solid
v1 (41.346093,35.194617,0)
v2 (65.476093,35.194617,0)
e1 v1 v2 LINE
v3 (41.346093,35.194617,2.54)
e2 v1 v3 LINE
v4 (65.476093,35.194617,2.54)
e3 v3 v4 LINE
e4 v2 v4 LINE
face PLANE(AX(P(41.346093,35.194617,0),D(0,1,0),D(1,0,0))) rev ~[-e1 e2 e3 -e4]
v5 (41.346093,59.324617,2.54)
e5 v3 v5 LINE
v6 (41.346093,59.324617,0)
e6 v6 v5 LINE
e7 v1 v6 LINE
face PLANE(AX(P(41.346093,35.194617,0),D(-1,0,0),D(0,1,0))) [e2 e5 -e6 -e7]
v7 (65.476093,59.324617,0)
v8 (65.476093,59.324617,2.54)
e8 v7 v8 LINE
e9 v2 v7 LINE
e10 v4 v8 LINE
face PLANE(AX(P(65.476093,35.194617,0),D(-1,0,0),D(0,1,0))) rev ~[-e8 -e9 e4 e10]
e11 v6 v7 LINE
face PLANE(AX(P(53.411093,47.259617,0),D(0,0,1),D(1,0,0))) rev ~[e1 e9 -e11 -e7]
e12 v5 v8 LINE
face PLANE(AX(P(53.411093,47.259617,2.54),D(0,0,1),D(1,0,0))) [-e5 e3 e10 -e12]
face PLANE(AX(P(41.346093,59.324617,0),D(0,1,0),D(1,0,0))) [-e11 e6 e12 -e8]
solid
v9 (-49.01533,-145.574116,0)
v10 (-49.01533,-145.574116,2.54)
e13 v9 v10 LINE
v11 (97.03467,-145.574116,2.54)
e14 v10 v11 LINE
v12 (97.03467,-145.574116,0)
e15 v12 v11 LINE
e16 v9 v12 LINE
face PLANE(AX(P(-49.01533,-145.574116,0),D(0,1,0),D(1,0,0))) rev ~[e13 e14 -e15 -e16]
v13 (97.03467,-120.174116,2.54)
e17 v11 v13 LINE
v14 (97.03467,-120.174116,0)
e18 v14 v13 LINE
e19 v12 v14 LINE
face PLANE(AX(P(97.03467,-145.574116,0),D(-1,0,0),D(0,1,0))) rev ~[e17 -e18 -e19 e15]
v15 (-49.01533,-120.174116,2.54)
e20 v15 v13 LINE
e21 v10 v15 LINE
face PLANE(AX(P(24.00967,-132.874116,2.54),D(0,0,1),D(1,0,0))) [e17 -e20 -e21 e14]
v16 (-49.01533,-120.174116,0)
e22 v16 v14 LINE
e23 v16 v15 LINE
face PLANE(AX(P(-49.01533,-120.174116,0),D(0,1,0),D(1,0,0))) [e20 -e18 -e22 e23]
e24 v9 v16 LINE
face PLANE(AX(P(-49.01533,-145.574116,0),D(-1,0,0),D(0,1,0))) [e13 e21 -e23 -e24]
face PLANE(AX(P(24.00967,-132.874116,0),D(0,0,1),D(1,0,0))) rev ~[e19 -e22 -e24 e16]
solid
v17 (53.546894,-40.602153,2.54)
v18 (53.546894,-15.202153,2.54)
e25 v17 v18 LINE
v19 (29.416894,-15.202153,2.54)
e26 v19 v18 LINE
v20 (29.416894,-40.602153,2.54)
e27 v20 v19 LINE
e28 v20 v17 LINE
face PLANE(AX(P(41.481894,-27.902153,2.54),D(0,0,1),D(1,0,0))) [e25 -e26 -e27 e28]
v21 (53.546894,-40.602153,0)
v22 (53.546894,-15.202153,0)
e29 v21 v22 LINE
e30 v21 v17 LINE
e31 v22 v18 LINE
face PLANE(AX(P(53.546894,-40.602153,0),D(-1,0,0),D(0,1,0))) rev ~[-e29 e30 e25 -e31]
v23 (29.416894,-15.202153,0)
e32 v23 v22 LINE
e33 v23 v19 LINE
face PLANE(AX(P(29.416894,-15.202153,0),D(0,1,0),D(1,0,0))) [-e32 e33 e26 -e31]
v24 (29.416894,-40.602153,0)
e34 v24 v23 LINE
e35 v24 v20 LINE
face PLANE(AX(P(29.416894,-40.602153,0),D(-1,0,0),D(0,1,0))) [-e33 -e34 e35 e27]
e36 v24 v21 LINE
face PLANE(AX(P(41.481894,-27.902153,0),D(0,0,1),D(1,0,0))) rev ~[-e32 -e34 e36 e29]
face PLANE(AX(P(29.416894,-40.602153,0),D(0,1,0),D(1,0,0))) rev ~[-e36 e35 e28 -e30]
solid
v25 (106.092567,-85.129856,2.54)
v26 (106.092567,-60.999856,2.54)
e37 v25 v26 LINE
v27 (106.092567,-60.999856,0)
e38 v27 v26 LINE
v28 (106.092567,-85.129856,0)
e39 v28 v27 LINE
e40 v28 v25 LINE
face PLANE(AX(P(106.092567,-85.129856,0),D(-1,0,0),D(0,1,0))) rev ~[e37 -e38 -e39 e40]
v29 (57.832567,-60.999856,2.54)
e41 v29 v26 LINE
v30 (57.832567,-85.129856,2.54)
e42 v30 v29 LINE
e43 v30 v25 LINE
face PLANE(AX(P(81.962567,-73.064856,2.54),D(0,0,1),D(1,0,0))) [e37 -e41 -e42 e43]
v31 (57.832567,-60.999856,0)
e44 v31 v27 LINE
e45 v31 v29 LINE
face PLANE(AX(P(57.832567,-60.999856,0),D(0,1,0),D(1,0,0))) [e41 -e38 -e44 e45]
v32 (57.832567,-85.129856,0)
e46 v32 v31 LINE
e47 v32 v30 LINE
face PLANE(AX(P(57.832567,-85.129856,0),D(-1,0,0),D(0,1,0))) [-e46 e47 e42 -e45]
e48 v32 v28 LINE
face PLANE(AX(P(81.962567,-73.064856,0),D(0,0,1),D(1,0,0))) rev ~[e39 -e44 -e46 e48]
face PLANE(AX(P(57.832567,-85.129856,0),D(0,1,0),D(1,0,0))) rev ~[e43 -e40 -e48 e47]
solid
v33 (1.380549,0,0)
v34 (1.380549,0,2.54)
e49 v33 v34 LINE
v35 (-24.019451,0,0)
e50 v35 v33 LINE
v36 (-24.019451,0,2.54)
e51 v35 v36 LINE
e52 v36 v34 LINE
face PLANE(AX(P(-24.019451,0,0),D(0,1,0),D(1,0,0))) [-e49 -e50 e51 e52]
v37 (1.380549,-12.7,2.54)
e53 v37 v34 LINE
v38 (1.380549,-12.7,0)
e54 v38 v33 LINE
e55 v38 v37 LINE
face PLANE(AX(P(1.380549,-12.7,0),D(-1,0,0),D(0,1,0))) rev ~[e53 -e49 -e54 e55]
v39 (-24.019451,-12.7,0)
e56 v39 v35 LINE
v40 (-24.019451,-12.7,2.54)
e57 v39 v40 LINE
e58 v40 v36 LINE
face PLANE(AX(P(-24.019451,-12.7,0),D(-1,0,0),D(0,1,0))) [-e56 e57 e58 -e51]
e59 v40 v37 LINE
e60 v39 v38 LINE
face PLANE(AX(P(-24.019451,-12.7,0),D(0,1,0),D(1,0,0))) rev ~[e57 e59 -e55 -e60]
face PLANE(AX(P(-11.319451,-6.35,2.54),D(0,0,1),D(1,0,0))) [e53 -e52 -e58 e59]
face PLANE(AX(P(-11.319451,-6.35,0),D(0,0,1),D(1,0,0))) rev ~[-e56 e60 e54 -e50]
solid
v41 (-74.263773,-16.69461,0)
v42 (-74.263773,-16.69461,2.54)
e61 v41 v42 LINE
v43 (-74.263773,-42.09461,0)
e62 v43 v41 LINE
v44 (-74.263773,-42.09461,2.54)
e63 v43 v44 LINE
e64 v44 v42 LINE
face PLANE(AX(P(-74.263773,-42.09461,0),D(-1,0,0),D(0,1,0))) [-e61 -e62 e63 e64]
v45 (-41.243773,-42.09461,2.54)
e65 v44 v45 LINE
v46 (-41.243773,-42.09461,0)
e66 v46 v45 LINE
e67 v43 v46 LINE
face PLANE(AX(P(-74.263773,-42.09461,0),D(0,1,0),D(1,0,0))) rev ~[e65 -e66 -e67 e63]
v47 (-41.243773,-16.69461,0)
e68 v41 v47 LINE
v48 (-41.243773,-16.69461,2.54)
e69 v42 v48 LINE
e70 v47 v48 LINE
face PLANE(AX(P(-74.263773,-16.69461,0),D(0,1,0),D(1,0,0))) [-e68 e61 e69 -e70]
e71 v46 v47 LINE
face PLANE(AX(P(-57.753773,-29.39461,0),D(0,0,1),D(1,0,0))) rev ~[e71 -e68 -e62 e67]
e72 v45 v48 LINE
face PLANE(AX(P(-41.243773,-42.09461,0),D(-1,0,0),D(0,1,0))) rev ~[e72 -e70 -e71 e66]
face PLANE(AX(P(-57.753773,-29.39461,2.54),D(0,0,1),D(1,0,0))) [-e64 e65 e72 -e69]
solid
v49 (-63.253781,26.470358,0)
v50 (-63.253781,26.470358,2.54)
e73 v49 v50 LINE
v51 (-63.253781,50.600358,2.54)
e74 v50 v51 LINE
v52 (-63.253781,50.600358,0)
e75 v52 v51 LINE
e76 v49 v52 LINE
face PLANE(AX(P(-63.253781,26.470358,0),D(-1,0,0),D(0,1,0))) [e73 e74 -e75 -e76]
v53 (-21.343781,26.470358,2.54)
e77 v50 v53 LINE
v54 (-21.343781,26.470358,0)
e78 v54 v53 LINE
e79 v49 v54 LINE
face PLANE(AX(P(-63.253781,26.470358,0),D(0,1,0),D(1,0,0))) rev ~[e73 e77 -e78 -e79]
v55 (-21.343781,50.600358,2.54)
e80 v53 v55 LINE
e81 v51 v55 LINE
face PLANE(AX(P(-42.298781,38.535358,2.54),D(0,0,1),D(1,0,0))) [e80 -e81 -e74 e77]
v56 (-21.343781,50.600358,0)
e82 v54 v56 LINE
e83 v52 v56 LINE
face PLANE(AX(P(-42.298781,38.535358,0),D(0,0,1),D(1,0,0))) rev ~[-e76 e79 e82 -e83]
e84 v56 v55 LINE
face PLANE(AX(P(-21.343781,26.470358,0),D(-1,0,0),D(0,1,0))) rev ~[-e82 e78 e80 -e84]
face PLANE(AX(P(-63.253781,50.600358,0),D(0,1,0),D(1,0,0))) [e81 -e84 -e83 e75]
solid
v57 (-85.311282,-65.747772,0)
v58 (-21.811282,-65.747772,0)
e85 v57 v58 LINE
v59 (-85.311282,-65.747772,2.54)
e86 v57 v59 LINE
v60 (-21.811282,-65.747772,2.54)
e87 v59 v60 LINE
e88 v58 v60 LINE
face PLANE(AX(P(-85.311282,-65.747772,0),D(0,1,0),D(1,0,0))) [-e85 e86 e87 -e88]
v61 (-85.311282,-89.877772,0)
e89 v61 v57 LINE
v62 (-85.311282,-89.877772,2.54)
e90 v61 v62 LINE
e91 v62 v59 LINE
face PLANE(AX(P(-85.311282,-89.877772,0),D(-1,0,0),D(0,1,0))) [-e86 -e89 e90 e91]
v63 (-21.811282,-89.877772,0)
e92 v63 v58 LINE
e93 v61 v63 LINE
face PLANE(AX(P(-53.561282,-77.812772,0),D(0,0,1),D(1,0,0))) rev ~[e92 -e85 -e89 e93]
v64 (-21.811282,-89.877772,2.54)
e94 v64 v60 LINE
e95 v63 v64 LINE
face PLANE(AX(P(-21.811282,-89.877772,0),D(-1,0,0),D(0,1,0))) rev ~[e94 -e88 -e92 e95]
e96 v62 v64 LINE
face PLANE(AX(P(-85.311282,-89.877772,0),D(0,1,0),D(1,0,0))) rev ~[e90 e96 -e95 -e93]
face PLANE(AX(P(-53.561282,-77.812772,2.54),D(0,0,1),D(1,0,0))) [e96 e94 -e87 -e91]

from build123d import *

# Parameters (mm, degrees)
F0_W      = 25.4
F0_H      = 12.7
F1_DEPTH  = 2.54
F2_W      = 24.13
F2_H      = 24.13
F3_DEPTH  = 2.54
F4_W      = 41.91
F4_H      = 24.13
F5_DEPTH  = 2.54
F6_W      = 48.26
F6_H      = 24.13
F7_DEPTH  = 2.54
F8_W      = 63.5
F8_H      = 24.13
F9_DEPTH  = 2.54
F10_W     = 24.13
F10_H     = 25.4
F11_DEPTH = 2.54
F12_W     = 33.02
F12_H     = 25.4
F13_DEPTH = 2.54
F14_W     = 146.05
F14_H     = 25.4
F15_DEPTH = 2.54


with BuildPart() as f1:
    # F0 (on Top) → F1 (new body)
    with BuildSketch(Plane.XY):
        with Locations((-11.319451, -6.35)):
            Rectangle(F0_W, F0_H)
    extrude(amount=F1_DEPTH)


with BuildPart() as f3:
    # F2 (on Top) → F3 (new body)
    with BuildSketch(Plane.XY):
        with Locations((53.411093, 47.259617)):
            Rectangle(F2_W, F2_H)
    extrude(amount=F3_DEPTH)


with BuildPart() as f5:
    # F4 (on Top) → F5 (new body)
    with BuildSketch(Plane.XY):
        with Locations((-42.298781, 38.535358)):
            Rectangle(F4_W, F4_H)
    extrude(amount=F5_DEPTH)


with BuildPart() as f7:
    # F6 (on Top) → F7 (new body)
    with BuildSketch(Plane.XY):
        with Locations((81.962567, -73.064856)):
            Rectangle(F6_W, F6_H)
    extrude(amount=F7_DEPTH)


with BuildPart() as f9:
    # F8 (on Top) → F9 (new body)
    with BuildSketch(Plane.XY):
        with Locations((-53.561282, -77.812772)):
            Rectangle(F8_W, F8_H)
    extrude(amount=F9_DEPTH)


with BuildPart() as f11:
    # F10 (on Top) → F11 (new body)
    with BuildSketch(Plane.XY):
        with Locations((41.481894, -27.902153)):
            Rectangle(F10_W, F10_H)
    extrude(amount=F11_DEPTH)


with BuildPart() as f13:
    # F12 (on Top) → F13 (new body)
    with BuildSketch(Plane.XY):
        with Locations((-57.753773, -29.39461)):
            Rectangle(F12_W, F12_H)
    extrude(amount=F13_DEPTH)


with BuildPart() as f15:
    # F14 (on Top) → F15 (new body)
    with BuildSketch(Plane.XY):
        with Locations((24.00967, -132.874116)):
            Rectangle(F14_W, F14_H)
    extrude(amount=F15_DEPTH)


solid = Compound([f1.part, f3.part, f5.part, f7.part, f9.part, f11.part, f13.part, f15.part])
